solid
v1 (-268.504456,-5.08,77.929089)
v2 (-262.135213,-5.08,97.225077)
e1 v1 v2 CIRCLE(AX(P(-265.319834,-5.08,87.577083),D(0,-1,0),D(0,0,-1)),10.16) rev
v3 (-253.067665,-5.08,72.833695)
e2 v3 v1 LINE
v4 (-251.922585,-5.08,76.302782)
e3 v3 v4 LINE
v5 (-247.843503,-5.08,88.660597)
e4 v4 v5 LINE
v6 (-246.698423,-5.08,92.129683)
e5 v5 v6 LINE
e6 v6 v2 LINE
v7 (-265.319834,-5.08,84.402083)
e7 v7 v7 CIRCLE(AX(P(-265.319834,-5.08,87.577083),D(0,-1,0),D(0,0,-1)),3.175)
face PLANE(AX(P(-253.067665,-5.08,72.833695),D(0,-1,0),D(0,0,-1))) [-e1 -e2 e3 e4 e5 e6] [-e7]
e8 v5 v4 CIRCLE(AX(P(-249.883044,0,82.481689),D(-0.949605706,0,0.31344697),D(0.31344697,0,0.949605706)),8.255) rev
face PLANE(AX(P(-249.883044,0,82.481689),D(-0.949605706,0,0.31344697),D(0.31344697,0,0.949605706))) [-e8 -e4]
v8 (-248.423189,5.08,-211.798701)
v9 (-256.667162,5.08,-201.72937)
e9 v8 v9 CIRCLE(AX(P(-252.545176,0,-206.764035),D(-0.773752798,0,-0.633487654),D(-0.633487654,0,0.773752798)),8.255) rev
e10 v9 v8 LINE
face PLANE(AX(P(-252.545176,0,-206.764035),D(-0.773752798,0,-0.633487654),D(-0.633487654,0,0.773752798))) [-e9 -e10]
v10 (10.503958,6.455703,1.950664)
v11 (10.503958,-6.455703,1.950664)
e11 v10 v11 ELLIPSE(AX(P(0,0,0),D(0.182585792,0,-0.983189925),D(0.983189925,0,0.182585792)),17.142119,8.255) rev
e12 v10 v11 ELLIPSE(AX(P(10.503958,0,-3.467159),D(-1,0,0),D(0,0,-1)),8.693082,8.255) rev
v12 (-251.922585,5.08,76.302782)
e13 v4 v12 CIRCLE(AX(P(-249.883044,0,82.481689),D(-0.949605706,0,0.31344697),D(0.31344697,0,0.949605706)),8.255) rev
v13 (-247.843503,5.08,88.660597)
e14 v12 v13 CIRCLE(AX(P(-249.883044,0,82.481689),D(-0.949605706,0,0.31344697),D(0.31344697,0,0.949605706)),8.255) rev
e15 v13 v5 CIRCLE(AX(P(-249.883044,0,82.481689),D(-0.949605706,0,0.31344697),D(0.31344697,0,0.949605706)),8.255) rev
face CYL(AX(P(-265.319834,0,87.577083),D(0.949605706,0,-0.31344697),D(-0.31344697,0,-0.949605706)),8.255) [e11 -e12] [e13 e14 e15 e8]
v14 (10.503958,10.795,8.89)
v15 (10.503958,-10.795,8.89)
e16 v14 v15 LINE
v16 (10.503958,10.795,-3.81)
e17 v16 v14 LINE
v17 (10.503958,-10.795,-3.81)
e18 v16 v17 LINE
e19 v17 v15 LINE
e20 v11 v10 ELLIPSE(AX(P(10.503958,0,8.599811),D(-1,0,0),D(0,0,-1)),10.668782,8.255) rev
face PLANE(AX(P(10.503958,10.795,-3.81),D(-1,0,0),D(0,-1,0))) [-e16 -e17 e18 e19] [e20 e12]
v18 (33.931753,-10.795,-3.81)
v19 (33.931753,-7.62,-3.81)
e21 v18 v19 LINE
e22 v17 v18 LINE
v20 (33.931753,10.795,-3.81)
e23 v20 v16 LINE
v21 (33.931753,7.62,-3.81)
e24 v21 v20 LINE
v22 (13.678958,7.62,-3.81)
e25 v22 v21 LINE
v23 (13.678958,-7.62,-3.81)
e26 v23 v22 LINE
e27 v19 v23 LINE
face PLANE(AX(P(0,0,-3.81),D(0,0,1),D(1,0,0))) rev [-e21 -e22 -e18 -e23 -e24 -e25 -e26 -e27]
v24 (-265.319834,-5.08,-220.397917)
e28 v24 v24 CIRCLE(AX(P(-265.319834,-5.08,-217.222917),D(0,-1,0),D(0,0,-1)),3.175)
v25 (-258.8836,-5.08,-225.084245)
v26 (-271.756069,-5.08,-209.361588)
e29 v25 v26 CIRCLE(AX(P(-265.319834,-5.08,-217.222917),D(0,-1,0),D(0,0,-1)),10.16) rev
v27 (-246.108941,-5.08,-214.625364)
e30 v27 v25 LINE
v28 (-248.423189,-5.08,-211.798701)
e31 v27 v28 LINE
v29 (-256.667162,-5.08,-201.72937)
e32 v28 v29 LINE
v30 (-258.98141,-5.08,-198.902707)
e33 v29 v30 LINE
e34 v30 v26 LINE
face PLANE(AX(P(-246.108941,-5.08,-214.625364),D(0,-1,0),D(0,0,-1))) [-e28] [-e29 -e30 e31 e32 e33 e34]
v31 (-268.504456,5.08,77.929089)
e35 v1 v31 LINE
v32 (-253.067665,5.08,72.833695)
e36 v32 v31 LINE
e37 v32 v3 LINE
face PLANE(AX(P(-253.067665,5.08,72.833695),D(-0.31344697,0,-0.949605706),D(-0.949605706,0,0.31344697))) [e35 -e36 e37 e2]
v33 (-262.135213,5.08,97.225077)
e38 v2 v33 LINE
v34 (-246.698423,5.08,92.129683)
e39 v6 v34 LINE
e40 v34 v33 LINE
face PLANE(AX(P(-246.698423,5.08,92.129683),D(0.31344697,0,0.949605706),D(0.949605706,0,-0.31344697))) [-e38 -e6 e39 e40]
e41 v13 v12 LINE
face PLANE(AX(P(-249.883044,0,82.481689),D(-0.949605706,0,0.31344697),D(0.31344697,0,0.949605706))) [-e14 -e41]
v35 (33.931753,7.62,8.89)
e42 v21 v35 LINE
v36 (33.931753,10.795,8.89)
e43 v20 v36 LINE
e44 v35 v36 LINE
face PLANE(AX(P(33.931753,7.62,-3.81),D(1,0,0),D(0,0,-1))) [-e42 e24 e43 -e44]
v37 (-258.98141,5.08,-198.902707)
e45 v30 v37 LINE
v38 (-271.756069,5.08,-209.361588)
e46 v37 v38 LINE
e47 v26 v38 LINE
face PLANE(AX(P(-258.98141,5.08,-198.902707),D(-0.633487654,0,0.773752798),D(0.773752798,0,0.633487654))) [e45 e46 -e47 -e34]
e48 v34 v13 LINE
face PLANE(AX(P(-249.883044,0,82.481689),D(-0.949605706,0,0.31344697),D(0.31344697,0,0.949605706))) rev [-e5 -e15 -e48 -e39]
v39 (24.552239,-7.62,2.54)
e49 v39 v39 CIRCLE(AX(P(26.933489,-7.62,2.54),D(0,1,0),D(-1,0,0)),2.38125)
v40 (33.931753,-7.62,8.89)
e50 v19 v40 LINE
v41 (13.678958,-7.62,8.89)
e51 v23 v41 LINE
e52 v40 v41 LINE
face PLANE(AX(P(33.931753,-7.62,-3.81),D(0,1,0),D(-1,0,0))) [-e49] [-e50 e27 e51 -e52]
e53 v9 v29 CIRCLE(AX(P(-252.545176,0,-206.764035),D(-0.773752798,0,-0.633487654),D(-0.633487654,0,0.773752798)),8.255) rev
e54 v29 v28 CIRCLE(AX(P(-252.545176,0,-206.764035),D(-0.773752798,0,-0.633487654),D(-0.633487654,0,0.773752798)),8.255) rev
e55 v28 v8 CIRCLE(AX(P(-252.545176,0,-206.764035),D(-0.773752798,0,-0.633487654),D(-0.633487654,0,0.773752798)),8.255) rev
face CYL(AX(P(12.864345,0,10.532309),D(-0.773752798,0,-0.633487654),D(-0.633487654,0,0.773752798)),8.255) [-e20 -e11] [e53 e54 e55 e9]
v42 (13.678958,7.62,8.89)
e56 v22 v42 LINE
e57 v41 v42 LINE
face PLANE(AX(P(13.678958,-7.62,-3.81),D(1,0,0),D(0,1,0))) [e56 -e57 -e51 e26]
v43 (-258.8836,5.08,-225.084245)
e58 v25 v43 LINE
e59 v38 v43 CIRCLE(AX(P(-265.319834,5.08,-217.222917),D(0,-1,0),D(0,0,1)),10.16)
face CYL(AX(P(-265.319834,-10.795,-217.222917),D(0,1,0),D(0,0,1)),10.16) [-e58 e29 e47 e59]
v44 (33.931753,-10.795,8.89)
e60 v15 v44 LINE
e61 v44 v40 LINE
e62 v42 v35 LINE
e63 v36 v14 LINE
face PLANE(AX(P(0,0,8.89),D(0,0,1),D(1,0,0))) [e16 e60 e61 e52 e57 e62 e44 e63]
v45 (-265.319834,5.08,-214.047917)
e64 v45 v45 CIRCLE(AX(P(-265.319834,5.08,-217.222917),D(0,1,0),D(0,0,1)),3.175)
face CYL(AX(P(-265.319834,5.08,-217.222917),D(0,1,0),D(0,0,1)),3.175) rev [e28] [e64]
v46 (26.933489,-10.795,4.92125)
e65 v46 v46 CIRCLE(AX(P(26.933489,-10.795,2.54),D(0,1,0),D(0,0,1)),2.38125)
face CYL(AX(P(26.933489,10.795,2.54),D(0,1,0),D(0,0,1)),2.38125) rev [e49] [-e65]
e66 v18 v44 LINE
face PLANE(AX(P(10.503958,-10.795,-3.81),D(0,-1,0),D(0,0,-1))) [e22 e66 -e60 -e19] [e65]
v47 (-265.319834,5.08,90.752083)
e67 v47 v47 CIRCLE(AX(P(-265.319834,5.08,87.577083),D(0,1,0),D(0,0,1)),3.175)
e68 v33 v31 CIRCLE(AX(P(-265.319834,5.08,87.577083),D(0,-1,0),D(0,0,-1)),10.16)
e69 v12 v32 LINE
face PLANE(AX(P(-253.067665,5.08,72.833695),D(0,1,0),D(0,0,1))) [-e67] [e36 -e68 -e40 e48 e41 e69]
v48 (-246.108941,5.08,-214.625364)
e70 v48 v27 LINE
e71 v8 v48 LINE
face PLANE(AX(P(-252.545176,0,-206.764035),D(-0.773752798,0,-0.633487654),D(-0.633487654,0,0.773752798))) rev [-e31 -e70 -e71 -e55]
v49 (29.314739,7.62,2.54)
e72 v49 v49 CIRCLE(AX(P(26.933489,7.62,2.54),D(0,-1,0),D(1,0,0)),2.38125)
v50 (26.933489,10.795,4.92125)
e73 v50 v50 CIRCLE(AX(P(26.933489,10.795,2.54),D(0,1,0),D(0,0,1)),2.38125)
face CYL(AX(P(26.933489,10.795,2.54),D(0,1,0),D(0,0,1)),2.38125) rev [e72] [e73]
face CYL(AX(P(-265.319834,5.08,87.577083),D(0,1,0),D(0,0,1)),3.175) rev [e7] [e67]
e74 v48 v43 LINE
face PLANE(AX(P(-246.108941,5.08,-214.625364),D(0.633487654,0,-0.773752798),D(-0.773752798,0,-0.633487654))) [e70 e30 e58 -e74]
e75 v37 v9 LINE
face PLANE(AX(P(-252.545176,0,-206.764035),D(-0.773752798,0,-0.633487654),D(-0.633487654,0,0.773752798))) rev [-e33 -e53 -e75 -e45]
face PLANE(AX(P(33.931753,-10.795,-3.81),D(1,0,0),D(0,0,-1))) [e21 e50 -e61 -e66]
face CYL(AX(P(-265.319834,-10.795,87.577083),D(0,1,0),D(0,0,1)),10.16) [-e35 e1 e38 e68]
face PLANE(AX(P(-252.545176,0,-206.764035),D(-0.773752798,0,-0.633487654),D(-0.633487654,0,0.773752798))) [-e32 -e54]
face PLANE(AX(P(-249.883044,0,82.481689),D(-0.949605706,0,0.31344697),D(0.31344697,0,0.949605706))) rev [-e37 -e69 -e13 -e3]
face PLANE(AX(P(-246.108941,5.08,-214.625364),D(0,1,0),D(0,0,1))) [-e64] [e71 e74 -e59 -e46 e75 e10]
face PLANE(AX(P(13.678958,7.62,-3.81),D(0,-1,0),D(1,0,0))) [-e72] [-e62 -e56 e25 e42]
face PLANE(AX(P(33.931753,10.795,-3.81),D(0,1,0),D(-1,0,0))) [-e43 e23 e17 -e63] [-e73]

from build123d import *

# Parameters (mm, degrees)
SKETCH2_R                      = 8.255
BOSS_EXTRUDE1_DEPTH            = 8.89
BOSS_EXTRUDE1_DEPTH_BACK       = 3.81
BOSS_EXTRUDE2_DEPTH            = 10.16
BOSS_EXTRUDE2_DEPTH_BACK       = 16.256
SKETCH4_W                      = 20.32
SKETCH4_H                      = 10.16
BOSS_EXTRUDE3_DEPTH            = 10.16
BOSS_EXTRUDE3_DEPTH_BACK       = 16.51
SKETCH5_W                      = 20.32
SKETCH5_H                      = 10.16
CUT_EXTRUDE1_DEPTH             = 364.372587018
CUT_EXTRUDE2_DEPTH             = 360.616172571
CUT_EXTRUDE3_START             = -16.256
CUT_EXTRUDE3_DEPTH             = 16.256
CUT_EXTRUDE4_DEPTH             = 16.51
E_0_25_DIAMETER_HOLE1_D        = 6.35
E_0_25_DIAMETER_HOLE1_DEPTH    = 19.05
E_0_25_DIAMETER_HOLE1_TIP      = 1.907732465
F_3_16_0_1875_DIAMETER_HOLE1_D = 4.7625
CUT_EXTRUDE5_DEPTH             = 364.084786631


with BuildPart() as part:
    # Sweep1: sweep along a path in Sketch1
    with BuildLine(Plane(origin=(0, 0, 0), x_dir=(1, 0, 0), z_dir=(0, 1, 0))) as sweep1_path:
        Line((-265.319834303, -87.577083333), (0, 0))
        Line((0, 0), (-265.319834303, 217.222916667))
    # Sketch2 → Sweep1 (sweep)
    with BuildSketch(Plane(origin=(-265.319834303, 0, 87.577083333), x_dir=(-0.3134469696969697, 0, -0.949605706168506), z_dir=(0.949605706168506, 0, -0.3134469696969697))):
        Circle(SKETCH2_R)
    sweep(path=sweep1_path.line, transition=Transition.RIGHT)

    # Sketch3 → Boss-Extrude1 (add, two sides: drawn at the far end of the back side and taken through both)
    with BuildSketch(Plane.XY.offset(-BOSS_EXTRUDE1_DEPTH_BACK)):
        Polygon((33.931753368, 10.795), (10.503958333, 10.795), (10.503958333, -10.795), (33.931753368, -10.795), (33.931753368, -7.62), (13.678958333, -7.62), (13.678958333, 7.62), (33.931753368, 7.62), align=None)
    extrude(amount=BOSS_EXTRUDE1_DEPTH + BOSS_EXTRUDE1_DEPTH_BACK)

    # Sketch4 → Boss-Extrude2 (add, two sides: drawn at the far end of the back side and taken through both)
    with BuildSketch(Plane(origin=(-265.319834303, 0, 87.577083333), x_dir=(0.3134469696969697, 0, 0.949605706168506), z_dir=(-0.949605706168506, 0, 0.3134469696969697)).offset(-BOSS_EXTRUDE2_DEPTH_BACK)):
        Rectangle(SKETCH4_W, SKETCH4_H)
    extrude(amount=BOSS_EXTRUDE2_DEPTH + BOSS_EXTRUDE2_DEPTH_BACK)

    # Sketch5 → Boss-Extrude3 (add, two sides: drawn at the far end of the back side and taken through both)
    with BuildSketch(Plane(origin=(-265.319834303, 0, -217.222916667), x_dir=(-0.633487654320988, 0, 0.7737527976187824), z_dir=(-0.7737527976187824, 0, -0.633487654320988)).offset(-BOSS_EXTRUDE3_DEPTH_BACK)):
        Rectangle(SKETCH5_W, SKETCH5_H)
    extrude(amount=BOSS_EXTRUDE3_DEPTH + BOSS_EXTRUDE3_DEPTH_BACK)

    # Sketch6 → Cut-Extrude1 (cut, through all)
    with BuildSketch(Plane(origin=(0, 5.08, 0), x_dir=(1, 0, 0), z_dir=(0, 1, 0))):
        with BuildLine():
            Line((-271.756068871, 209.361588243), (-279.617397295, 215.797822811))
            Line((-279.617397295, 215.797822811), (-273.181162727, 223.659151235))
            ThreePointArc((-273.181162727, 223.659151235), (-275.429738049, 216.215223137), (-271.756068871, 209.361588243))
        make_face()
    cut_extrude1 = extrude(amount=-CUT_EXTRUDE1_DEPTH, mode=Mode.SUBTRACT)

    # Mirror1: Cut-Extrude1 across plane
    add(cut_extrude1.mirror(Plane(origin=(0, 0, 0), x_dir=(0.7737527976187827, 0, 0.6334876543209876), z_dir=(-0.633487654320988, 0, 0.7737527976187826))), mode=Mode.SUBTRACT)

    # Sketch7 → Cut-Extrude2 (cut, through all)
    with BuildSketch(Plane(origin=(0, 5.08, 0), x_dir=(1, 0, 0), z_dir=(0, 1, 0))):
        with BuildLine():
            Line((-262.135213091, -97.225077308), (-271.783207066, -100.40969852))
            Line((-271.783207066, -100.40969852), (-274.967828278, -90.761704545))
            ThreePointArc((-274.967828278, -90.761704545), (-269.890129013, -96.651112552), (-262.135213091, -97.225077308))
        make_face()
    cut_extrude2 = extrude(amount=-CUT_EXTRUDE2_DEPTH, mode=Mode.SUBTRACT)

    # Mirror2: Cut-Extrude2 across plane
    add(cut_extrude2.mirror(Plane(origin=(0, 0, 0), x_dir=(0.9496057061685059, 0, -0.3134469696969697), z_dir=(0.3134469696969697, 0, 0.949605706168506))), mode=Mode.SUBTRACT)

    # Sketch8 → Cut-Extrude3 (cut)
    with BuildSketch(Plane(origin=(-265.319834303, 0, 87.577083333), x_dir=(0.3134469696969697, 0, 0.949605706168506), z_dir=(-0.949605706168506, 0, 0.3134469696969697)).offset(CUT_EXTRUDE3_START)):
        with BuildLine():
            Line((6.506813736, -5.08), (-6.506813736, -5.08))
            ThreePointArc((-6.506813736, -5.08), (0, -8.255), (6.506813736, -5.08))
        make_face()
        with BuildLine():
            Line((-6.506813736, 5.08), (6.506813736, 5.08))
            ThreePointArc((6.506813736, 5.08), (0, 8.255), (-6.506813736, 5.08))
        make_face()
    extrude(amount=CUT_EXTRUDE3_DEPTH, mode=Mode.SUBTRACT)

    # Sketch9 → Cut-Extrude4 (cut)
    with BuildSketch(Plane(origin=(-265.319834303, 0, -217.222916667), x_dir=(-0.633487654320988, 0, 0.7737527976187824), z_dir=(-0.7737527976187824, 0, -0.633487654320988))):
        with BuildLine():
            Line((6.506813736, -5.08), (-6.506813736, -5.08))
            ThreePointArc((-6.506813736, -5.08), (0, -8.255), (6.506813736, -5.08))
        make_face()
        with BuildLine():
            Line((-6.506813736, 5.08), (6.506813736, 5.08))
            ThreePointArc((6.506813736, 5.08), (0, 8.255), (-6.506813736, 5.08))
        make_face()
    extrude(amount=-CUT_EXTRUDE4_DEPTH, mode=Mode.SUBTRACT)

    # E (0.25) Diameter Hole1
    with Locations(Plane(origin=(-265.319834303, 5.08, -217.222916667), x_dir=(0, 0, 1), z_dir=(0, 1, 0))):
        with Locations((0, 0), (304.8, 0)):
            Hole(E_0_25_DIAMETER_HOLE1_D / 2, depth=E_0_25_DIAMETER_HOLE1_DEPTH)
            with Locations((0, 0, -(E_0_25_DIAMETER_HOLE1_DEPTH + E_0_25_DIAMETER_HOLE1_TIP / 2))):  # 118° drill point
                Cone(0, E_0_25_DIAMETER_HOLE1_D / 2, E_0_25_DIAMETER_HOLE1_TIP, mode=Mode.SUBTRACT)

    # 3/16 (0.1875) Diameter Hole1 (through all)
    with Locations(Plane(origin=(0, 10.795, 0), x_dir=(1, 0, 0), z_dir=(0, 1, 0))):
        with Locations((26.933488785, -2.54)):
            Hole(F_3_16_0_1875_DIAMETER_HOLE1_D / 2)

    # Sketch14 → Cut-Extrude5 (cut, through all)
    with BuildSketch(Plane.XY.offset(8.89)):
        with BuildLine():
            Line((13.678958333, 4.822488189), (13.678958333, -4.822488189))
            add(Edge.make_bspline(
                [(13.678958333, -4.822488189), (20.76590224, 0), (13.678958333, 4.822488189)],
                knots=[5.659303655, 5.659303655, 5.659303655, 6.907066959, 6.907066959, 6.907066959], degree=2, weights=[1, 0.811616954, 1]))
        make_face()
    extrude(amount=-CUT_EXTRUDE5_DEPTH, mode=Mode.SUBTRACT)


solid = part.part
